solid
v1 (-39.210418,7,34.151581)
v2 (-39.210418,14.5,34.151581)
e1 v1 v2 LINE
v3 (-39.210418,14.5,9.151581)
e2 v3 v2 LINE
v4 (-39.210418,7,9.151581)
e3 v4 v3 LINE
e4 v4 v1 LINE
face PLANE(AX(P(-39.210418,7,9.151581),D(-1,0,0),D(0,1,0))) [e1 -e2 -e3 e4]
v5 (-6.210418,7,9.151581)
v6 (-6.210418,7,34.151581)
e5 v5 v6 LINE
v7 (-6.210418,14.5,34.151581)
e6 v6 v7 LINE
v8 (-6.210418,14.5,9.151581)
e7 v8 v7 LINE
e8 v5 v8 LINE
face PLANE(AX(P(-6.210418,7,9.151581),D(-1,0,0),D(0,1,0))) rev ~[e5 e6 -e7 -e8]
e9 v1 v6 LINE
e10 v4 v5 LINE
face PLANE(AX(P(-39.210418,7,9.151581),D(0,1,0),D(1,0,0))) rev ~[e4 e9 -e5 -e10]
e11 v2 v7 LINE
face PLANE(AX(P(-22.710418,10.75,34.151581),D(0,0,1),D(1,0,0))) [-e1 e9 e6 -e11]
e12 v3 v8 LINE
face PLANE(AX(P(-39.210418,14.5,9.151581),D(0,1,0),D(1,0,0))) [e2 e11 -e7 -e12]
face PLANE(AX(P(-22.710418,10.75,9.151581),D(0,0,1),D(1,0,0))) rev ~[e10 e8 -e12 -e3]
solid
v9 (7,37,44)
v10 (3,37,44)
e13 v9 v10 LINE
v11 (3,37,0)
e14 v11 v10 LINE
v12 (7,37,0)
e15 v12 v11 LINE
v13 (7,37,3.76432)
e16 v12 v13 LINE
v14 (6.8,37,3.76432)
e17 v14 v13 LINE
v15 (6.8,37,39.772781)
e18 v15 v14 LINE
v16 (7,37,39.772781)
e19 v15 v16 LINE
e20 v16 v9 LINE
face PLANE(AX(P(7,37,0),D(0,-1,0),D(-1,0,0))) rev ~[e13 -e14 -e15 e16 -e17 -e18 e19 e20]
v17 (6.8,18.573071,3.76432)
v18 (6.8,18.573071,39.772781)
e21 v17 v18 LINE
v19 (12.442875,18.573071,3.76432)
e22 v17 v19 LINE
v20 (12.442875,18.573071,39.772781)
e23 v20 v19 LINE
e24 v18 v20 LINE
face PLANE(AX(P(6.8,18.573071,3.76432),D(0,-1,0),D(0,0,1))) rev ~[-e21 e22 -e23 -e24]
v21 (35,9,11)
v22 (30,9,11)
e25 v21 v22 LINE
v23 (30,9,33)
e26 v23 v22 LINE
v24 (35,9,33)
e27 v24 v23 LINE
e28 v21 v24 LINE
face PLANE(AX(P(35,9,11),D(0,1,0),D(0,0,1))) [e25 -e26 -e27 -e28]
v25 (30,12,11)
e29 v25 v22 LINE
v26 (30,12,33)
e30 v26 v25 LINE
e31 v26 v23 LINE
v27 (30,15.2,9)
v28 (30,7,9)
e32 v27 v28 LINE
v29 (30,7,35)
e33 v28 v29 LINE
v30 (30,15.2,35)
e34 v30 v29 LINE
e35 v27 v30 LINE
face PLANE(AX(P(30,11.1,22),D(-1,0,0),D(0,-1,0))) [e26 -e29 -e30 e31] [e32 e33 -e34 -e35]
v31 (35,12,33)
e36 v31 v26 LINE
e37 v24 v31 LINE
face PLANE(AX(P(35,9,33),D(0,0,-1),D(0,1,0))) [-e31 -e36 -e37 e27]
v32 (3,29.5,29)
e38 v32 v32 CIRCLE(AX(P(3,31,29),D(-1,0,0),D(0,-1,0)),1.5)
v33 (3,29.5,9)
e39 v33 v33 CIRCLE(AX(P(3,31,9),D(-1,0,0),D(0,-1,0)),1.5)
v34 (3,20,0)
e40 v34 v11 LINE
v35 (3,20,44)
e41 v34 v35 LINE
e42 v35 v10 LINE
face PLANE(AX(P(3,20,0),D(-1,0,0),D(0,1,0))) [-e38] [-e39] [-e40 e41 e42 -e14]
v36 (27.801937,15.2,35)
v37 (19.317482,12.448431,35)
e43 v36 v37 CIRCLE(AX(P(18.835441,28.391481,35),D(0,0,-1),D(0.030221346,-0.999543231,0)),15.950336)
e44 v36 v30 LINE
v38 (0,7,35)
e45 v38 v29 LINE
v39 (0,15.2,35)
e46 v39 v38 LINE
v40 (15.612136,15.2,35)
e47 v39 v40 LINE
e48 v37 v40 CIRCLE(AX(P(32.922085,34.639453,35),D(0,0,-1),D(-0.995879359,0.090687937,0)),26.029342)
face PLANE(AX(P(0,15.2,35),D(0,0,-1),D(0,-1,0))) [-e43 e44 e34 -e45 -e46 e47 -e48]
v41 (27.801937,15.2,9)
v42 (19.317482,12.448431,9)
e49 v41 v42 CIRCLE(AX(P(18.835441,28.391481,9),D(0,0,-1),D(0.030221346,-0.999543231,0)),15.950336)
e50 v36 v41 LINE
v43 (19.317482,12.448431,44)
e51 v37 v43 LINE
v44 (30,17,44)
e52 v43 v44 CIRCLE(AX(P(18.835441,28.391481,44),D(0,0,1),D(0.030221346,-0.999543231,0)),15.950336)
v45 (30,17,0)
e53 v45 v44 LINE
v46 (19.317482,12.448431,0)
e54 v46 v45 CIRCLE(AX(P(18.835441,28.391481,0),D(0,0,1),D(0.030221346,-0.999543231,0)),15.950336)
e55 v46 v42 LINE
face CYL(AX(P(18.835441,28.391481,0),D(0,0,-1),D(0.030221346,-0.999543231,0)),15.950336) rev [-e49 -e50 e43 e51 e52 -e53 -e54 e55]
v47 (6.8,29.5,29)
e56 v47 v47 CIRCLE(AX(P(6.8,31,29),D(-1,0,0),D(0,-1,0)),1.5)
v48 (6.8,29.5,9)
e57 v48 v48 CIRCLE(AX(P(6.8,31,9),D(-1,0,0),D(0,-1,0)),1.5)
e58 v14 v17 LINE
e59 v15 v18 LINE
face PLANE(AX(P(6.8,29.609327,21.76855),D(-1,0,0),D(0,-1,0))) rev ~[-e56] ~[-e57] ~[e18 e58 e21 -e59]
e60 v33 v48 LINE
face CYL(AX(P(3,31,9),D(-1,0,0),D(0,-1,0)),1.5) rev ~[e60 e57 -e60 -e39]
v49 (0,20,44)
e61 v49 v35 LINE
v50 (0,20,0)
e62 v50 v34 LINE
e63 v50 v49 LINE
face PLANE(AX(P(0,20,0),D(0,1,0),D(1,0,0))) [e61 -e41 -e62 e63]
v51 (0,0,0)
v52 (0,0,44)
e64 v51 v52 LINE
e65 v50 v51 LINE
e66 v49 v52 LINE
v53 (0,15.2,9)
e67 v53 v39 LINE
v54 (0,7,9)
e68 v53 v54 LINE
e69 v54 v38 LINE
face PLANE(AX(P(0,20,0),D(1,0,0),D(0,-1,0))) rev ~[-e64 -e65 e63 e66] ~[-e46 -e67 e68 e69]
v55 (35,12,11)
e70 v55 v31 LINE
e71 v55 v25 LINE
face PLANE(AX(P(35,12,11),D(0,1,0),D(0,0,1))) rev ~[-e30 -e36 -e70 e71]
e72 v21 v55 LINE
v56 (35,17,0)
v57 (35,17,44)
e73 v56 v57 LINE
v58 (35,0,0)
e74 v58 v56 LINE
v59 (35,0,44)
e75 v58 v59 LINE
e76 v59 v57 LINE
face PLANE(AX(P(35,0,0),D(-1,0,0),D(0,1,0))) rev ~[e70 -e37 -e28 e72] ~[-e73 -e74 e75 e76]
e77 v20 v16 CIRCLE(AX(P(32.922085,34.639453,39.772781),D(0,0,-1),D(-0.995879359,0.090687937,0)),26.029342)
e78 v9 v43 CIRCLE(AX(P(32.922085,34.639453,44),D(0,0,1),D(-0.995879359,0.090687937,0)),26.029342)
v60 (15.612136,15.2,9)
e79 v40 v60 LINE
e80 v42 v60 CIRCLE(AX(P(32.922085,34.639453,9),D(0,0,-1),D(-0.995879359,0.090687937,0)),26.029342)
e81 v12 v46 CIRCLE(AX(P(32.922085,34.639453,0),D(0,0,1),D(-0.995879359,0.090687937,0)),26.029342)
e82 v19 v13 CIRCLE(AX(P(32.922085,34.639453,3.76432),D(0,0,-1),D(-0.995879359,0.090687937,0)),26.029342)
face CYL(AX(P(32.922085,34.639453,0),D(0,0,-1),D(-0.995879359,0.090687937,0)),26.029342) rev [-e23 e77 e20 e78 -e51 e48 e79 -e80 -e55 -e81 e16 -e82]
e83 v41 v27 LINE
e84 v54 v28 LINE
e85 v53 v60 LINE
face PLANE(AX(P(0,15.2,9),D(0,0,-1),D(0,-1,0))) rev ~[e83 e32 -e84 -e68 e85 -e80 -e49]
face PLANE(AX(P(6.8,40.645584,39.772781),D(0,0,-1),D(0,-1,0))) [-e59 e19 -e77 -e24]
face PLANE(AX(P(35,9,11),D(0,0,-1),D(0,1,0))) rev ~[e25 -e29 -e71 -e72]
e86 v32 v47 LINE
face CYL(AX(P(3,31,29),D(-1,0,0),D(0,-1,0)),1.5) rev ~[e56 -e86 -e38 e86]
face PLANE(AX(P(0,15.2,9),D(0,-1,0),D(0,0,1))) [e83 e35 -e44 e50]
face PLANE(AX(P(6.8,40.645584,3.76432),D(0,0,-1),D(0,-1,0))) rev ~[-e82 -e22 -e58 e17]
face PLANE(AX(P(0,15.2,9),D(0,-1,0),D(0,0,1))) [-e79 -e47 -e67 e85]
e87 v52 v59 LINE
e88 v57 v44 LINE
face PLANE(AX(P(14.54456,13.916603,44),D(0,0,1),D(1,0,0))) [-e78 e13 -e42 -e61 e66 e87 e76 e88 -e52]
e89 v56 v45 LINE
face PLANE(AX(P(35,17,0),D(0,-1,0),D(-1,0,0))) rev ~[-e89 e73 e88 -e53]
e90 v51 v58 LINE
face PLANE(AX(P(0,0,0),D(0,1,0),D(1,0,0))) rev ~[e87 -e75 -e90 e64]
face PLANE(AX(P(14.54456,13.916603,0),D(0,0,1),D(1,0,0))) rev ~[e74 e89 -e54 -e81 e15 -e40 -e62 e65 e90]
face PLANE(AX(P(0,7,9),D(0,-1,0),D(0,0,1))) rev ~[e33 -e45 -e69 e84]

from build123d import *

# Parameters (mm, degrees)
PAD_DEPTH       = 44
SKETCH002_W     = 8.2
SKETCH002_H     = 26
POCKET_DEPTH    = 30
SKETCH003_W     = 3
SKETCH003_H     = 22
POCKET001_DEPTH = 15
COPYSKETCH004_W = 22.072513
COPYSKETCH004_H = 36.008461
POCKET002_DEPTH = 28.201
SKETCH004_R     = 1.5
HOLE_DEPTH      = 32.001
BOX001_W        = 33
BOX001_H        = 7.5
BOX001_DEPTH    = 25


with BuildPart() as body:
    # Sketch → Pad (new body)
    with BuildSketch(Plane.XY):
        with BuildLine():
            Line((0, 20), (0, 0))
            Line((0, 0), (35, 0))
            Line((35, 0), (35, 17))
            Line((35, 17), (30, 17))
            ThreePointArc((19.317482, 12.448431), (25.087642, 13.717586), (30, 17))
            ThreePointArc((7, 37), (9.65656, 22.967177), (19.317482, 12.448431))
            Line((7, 37), (3, 37))
            Line((3, 20), (3, 37))
            Line((0, 20), (3, 20))
        make_face()
    extrude(amount=PAD_DEPTH)

    # Sketch002 (on Face1 of CopyCut) → Pocket (cut)
    with BuildSketch(Plane(origin=(0, 0, 0), x_dir=(0, -1, 0), z_dir=(-1, 0, 0))):
        with Locations((-11.1, 22)):
            Rectangle(SKETCH002_W, SKETCH002_H)
    extrude(amount=-POCKET_DEPTH, mode=Mode.SUBTRACT)

    # Sketch003 (on Face11 of Pocket) → Pocket001 (cut)
    with BuildSketch(Plane.YZ.offset(35)):
        with Locations((10.5, 22)):
            Rectangle(SKETCH003_W, SKETCH003_H)
    extrude(amount=-POCKET001_DEPTH, mode=Mode.SUBTRACT)

    # CopySketch004 → Pocket002 (cut, through all)
    with BuildSketch(Plane(origin=(6.8, 0, -3), x_dir=(0, -1, 0), z_dir=(-1, 0, 0))):
        with Locations((-29.609327, 24.76855)):
            Rectangle(COPYSKETCH004_W, COPYSKETCH004_H)
    extrude(amount=-POCKET002_DEPTH, mode=Mode.SUBTRACT)

    # Sketch004 (on Face10 of Pocket002) → Hole (cut, through all)
    with BuildSketch(Plane(origin=(3, 0, 0), x_dir=(0, -1, 0), z_dir=(-1, 0, 0))):
        with Locations((-31, 9)):
            Circle(SKETCH004_R)
        with Locations((-31, 29)):
            Circle(SKETCH004_R)
    extrude(amount=-HOLE_DEPTH, mode=Mode.SUBTRACT)


with BuildPart() as cube001:
    # Box001 → Box001 (new body)
    with BuildSketch(Plane(origin=(-39.210418, 7, 9.151581), x_dir=(1, 0, 0), z_dir=(0, 0, 1))):
        with Locations((16.5, 3.75)):
            Rectangle(BOX001_W, BOX001_H)
    extrude(amount=BOX001_DEPTH)


solid = Compound([body.part, cube001.part])
